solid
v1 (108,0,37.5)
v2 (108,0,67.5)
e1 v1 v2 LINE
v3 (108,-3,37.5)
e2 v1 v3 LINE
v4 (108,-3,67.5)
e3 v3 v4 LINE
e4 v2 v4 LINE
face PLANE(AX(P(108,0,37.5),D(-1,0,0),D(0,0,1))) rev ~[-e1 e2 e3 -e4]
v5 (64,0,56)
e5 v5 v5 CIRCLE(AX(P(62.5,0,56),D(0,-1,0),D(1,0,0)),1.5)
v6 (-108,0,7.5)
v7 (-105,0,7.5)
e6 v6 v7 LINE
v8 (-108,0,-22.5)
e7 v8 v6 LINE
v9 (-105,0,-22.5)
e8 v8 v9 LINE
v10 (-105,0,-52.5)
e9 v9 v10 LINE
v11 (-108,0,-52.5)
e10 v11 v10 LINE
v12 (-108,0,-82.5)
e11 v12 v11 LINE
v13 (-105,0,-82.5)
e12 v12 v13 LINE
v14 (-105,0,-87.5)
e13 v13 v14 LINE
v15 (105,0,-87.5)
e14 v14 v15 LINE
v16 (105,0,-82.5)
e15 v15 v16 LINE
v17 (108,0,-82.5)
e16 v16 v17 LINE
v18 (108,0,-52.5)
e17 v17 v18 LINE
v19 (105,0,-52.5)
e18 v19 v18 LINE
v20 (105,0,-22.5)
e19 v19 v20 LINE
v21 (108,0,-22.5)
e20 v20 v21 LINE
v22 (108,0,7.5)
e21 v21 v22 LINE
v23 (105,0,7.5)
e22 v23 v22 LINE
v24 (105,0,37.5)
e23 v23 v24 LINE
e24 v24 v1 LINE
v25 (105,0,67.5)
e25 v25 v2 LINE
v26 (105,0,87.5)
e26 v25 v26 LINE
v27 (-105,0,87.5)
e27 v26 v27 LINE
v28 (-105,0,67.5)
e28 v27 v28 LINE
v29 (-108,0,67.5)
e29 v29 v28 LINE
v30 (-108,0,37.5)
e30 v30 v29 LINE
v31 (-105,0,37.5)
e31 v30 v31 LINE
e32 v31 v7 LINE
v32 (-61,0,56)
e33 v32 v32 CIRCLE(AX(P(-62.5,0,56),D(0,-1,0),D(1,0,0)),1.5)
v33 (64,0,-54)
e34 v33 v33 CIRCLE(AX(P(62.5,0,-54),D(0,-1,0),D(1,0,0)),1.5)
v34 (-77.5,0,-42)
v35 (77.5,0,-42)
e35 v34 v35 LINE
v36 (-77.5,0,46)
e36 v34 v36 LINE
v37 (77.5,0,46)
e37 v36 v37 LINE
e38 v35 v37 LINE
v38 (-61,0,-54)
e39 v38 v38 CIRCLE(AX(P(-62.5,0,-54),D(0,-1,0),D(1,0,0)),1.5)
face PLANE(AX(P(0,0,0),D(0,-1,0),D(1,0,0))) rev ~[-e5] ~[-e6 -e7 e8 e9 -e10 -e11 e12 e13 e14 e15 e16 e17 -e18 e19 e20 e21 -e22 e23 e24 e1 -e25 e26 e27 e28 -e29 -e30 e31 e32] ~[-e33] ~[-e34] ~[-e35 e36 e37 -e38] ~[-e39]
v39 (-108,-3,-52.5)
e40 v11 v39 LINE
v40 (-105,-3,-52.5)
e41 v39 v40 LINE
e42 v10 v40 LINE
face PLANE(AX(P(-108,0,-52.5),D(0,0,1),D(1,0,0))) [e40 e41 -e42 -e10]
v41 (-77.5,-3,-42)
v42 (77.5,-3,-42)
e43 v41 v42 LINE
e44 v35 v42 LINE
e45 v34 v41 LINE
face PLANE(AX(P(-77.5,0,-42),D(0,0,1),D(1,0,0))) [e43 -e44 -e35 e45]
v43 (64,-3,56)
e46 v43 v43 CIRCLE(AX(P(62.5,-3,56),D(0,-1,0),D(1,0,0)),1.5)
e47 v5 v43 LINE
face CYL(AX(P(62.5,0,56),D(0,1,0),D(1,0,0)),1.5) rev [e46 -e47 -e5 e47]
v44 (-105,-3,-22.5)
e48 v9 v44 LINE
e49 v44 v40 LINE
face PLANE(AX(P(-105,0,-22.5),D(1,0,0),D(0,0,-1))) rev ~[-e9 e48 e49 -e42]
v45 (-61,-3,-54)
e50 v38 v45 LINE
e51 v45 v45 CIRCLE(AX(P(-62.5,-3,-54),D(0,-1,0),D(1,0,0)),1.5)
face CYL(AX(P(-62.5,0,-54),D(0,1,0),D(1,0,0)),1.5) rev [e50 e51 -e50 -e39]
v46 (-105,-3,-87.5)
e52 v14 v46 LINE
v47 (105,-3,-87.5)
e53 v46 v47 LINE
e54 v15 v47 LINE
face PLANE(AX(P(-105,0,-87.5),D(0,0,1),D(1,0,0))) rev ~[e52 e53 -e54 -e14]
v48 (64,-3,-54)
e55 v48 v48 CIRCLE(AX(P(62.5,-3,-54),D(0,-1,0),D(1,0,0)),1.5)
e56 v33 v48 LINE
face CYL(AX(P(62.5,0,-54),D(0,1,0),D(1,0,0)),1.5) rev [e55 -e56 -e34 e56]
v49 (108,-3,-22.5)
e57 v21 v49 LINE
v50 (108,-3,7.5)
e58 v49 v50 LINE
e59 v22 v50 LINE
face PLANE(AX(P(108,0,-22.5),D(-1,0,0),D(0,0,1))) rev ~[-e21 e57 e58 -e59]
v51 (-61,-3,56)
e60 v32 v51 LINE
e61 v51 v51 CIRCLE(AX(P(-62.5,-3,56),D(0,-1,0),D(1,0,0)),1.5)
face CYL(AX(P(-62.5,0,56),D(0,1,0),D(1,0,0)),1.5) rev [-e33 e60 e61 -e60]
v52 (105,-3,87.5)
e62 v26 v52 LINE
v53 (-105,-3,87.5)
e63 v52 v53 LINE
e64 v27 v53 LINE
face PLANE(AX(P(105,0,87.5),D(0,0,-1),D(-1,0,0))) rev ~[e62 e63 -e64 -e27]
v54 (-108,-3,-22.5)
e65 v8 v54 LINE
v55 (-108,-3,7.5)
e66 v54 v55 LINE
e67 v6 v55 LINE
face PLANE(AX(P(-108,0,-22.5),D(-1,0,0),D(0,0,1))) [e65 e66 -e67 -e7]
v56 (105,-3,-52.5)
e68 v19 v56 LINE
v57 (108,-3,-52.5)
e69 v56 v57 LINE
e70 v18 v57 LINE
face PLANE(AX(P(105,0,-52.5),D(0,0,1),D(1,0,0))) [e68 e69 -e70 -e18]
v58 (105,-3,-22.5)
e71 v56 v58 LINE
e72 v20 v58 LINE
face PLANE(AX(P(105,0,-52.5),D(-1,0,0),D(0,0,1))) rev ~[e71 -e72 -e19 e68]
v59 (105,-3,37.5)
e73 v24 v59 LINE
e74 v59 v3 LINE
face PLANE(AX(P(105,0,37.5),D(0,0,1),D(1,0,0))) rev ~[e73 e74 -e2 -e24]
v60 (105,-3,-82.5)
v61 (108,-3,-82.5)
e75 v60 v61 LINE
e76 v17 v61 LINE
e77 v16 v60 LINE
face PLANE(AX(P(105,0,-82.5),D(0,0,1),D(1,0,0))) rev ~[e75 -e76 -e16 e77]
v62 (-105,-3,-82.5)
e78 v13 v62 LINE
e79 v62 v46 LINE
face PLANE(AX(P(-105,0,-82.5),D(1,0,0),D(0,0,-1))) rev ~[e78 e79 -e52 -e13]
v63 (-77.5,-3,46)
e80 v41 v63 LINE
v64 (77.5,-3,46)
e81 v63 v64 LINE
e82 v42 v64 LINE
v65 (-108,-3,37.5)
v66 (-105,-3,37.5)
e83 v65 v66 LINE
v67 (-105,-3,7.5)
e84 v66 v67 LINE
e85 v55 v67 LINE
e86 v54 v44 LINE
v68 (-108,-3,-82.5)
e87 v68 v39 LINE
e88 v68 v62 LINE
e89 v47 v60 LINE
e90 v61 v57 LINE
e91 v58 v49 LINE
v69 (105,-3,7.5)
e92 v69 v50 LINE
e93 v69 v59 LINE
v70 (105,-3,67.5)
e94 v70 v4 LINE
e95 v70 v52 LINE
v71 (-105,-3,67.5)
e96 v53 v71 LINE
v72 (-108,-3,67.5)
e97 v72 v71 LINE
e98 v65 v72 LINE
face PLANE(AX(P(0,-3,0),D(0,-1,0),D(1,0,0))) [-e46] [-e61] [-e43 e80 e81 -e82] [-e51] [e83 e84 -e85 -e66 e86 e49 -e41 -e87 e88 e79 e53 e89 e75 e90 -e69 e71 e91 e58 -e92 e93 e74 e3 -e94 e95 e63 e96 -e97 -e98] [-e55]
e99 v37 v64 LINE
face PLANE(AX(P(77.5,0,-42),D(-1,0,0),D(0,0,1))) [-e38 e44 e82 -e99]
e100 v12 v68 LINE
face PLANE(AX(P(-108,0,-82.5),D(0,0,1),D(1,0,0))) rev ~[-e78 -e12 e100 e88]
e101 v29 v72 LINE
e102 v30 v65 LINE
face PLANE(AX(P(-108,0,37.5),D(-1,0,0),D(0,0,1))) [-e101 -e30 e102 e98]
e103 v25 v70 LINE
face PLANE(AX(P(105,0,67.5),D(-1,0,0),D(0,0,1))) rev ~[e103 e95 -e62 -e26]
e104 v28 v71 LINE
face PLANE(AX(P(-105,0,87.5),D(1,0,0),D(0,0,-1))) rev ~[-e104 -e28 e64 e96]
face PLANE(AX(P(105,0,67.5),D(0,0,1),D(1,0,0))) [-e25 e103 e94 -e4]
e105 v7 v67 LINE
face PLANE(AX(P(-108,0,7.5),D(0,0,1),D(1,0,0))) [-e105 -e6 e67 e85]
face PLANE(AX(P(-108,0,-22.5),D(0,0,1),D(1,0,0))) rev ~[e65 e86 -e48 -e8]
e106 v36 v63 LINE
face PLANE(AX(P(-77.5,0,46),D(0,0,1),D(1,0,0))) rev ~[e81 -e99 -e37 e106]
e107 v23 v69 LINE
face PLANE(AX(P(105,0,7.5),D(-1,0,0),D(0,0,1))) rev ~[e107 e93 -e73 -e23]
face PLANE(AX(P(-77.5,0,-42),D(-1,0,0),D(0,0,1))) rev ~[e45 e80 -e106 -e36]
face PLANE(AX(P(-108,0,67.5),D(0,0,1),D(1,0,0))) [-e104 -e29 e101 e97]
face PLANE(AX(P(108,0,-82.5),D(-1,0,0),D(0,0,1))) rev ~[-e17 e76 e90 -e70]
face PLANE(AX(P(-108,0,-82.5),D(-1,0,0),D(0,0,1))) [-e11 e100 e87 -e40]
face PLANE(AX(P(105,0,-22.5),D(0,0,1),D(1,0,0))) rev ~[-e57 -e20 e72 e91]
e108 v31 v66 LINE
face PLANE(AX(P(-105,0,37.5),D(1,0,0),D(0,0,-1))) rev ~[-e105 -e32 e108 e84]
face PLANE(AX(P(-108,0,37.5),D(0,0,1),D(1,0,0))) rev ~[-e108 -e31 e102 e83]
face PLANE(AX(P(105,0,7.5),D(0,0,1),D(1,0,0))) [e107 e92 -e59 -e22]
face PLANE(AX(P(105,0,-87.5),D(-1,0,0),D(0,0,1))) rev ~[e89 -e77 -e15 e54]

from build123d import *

# Parameters (mm, degrees)
F0_R     = 1.5
F0_W     = 155
F0_H     = 88
F0_W_2   = 3
F0_H_2   = 30
F1_DEPTH = 3


with BuildPart() as f1:
    # F0 (on Front) → F1 (new body)
    with BuildSketch(Plane.XZ):
        Polygon((105, 67.5), (105, 87.5), (-105, 87.5), (-105, 67.5), (-105, 37.5), (-105, 7.5), (-105, -22.5), (-105, -52.5), (-105, -82.5), (-105, -87.5), (105, -87.5), (105, -82.5), (105, -52.5), (105, -22.5), (105, 7.5), (105, 37.5), align=None)
        with Locations((-62.5, -54)):
            Circle(F0_R, mode=Mode.SUBTRACT)
        with Locations((62.5, -54)):
            Circle(F0_R, mode=Mode.SUBTRACT)
        with Locations((-62.5, 56)):
            Circle(F0_R, mode=Mode.SUBTRACT)
        with Locations((0, 2)):
            Rectangle(F0_W, F0_H, mode=Mode.SUBTRACT)
        with Locations((62.5, 56)):
            Circle(F0_R, mode=Mode.SUBTRACT)
        with Locations((106.5, 52.5)):
            Rectangle(F0_W_2, F0_H_2)
        with Locations((-106.5, 52.5)):
            Rectangle(F0_W_2, F0_H_2)
        with Locations((106.5, -7.5)):
            Rectangle(F0_W_2, F0_H_2)
        with Locations((-106.5, -7.5)):
            Rectangle(F0_W_2, F0_H_2)
        with Locations((106.5, -67.5)):
            Rectangle(F0_W_2, F0_H_2)
        with Locations((-106.5, -67.5)):
            Rectangle(F0_W_2, F0_H_2)
    extrude(amount=F1_DEPTH)


solid = f1.part
